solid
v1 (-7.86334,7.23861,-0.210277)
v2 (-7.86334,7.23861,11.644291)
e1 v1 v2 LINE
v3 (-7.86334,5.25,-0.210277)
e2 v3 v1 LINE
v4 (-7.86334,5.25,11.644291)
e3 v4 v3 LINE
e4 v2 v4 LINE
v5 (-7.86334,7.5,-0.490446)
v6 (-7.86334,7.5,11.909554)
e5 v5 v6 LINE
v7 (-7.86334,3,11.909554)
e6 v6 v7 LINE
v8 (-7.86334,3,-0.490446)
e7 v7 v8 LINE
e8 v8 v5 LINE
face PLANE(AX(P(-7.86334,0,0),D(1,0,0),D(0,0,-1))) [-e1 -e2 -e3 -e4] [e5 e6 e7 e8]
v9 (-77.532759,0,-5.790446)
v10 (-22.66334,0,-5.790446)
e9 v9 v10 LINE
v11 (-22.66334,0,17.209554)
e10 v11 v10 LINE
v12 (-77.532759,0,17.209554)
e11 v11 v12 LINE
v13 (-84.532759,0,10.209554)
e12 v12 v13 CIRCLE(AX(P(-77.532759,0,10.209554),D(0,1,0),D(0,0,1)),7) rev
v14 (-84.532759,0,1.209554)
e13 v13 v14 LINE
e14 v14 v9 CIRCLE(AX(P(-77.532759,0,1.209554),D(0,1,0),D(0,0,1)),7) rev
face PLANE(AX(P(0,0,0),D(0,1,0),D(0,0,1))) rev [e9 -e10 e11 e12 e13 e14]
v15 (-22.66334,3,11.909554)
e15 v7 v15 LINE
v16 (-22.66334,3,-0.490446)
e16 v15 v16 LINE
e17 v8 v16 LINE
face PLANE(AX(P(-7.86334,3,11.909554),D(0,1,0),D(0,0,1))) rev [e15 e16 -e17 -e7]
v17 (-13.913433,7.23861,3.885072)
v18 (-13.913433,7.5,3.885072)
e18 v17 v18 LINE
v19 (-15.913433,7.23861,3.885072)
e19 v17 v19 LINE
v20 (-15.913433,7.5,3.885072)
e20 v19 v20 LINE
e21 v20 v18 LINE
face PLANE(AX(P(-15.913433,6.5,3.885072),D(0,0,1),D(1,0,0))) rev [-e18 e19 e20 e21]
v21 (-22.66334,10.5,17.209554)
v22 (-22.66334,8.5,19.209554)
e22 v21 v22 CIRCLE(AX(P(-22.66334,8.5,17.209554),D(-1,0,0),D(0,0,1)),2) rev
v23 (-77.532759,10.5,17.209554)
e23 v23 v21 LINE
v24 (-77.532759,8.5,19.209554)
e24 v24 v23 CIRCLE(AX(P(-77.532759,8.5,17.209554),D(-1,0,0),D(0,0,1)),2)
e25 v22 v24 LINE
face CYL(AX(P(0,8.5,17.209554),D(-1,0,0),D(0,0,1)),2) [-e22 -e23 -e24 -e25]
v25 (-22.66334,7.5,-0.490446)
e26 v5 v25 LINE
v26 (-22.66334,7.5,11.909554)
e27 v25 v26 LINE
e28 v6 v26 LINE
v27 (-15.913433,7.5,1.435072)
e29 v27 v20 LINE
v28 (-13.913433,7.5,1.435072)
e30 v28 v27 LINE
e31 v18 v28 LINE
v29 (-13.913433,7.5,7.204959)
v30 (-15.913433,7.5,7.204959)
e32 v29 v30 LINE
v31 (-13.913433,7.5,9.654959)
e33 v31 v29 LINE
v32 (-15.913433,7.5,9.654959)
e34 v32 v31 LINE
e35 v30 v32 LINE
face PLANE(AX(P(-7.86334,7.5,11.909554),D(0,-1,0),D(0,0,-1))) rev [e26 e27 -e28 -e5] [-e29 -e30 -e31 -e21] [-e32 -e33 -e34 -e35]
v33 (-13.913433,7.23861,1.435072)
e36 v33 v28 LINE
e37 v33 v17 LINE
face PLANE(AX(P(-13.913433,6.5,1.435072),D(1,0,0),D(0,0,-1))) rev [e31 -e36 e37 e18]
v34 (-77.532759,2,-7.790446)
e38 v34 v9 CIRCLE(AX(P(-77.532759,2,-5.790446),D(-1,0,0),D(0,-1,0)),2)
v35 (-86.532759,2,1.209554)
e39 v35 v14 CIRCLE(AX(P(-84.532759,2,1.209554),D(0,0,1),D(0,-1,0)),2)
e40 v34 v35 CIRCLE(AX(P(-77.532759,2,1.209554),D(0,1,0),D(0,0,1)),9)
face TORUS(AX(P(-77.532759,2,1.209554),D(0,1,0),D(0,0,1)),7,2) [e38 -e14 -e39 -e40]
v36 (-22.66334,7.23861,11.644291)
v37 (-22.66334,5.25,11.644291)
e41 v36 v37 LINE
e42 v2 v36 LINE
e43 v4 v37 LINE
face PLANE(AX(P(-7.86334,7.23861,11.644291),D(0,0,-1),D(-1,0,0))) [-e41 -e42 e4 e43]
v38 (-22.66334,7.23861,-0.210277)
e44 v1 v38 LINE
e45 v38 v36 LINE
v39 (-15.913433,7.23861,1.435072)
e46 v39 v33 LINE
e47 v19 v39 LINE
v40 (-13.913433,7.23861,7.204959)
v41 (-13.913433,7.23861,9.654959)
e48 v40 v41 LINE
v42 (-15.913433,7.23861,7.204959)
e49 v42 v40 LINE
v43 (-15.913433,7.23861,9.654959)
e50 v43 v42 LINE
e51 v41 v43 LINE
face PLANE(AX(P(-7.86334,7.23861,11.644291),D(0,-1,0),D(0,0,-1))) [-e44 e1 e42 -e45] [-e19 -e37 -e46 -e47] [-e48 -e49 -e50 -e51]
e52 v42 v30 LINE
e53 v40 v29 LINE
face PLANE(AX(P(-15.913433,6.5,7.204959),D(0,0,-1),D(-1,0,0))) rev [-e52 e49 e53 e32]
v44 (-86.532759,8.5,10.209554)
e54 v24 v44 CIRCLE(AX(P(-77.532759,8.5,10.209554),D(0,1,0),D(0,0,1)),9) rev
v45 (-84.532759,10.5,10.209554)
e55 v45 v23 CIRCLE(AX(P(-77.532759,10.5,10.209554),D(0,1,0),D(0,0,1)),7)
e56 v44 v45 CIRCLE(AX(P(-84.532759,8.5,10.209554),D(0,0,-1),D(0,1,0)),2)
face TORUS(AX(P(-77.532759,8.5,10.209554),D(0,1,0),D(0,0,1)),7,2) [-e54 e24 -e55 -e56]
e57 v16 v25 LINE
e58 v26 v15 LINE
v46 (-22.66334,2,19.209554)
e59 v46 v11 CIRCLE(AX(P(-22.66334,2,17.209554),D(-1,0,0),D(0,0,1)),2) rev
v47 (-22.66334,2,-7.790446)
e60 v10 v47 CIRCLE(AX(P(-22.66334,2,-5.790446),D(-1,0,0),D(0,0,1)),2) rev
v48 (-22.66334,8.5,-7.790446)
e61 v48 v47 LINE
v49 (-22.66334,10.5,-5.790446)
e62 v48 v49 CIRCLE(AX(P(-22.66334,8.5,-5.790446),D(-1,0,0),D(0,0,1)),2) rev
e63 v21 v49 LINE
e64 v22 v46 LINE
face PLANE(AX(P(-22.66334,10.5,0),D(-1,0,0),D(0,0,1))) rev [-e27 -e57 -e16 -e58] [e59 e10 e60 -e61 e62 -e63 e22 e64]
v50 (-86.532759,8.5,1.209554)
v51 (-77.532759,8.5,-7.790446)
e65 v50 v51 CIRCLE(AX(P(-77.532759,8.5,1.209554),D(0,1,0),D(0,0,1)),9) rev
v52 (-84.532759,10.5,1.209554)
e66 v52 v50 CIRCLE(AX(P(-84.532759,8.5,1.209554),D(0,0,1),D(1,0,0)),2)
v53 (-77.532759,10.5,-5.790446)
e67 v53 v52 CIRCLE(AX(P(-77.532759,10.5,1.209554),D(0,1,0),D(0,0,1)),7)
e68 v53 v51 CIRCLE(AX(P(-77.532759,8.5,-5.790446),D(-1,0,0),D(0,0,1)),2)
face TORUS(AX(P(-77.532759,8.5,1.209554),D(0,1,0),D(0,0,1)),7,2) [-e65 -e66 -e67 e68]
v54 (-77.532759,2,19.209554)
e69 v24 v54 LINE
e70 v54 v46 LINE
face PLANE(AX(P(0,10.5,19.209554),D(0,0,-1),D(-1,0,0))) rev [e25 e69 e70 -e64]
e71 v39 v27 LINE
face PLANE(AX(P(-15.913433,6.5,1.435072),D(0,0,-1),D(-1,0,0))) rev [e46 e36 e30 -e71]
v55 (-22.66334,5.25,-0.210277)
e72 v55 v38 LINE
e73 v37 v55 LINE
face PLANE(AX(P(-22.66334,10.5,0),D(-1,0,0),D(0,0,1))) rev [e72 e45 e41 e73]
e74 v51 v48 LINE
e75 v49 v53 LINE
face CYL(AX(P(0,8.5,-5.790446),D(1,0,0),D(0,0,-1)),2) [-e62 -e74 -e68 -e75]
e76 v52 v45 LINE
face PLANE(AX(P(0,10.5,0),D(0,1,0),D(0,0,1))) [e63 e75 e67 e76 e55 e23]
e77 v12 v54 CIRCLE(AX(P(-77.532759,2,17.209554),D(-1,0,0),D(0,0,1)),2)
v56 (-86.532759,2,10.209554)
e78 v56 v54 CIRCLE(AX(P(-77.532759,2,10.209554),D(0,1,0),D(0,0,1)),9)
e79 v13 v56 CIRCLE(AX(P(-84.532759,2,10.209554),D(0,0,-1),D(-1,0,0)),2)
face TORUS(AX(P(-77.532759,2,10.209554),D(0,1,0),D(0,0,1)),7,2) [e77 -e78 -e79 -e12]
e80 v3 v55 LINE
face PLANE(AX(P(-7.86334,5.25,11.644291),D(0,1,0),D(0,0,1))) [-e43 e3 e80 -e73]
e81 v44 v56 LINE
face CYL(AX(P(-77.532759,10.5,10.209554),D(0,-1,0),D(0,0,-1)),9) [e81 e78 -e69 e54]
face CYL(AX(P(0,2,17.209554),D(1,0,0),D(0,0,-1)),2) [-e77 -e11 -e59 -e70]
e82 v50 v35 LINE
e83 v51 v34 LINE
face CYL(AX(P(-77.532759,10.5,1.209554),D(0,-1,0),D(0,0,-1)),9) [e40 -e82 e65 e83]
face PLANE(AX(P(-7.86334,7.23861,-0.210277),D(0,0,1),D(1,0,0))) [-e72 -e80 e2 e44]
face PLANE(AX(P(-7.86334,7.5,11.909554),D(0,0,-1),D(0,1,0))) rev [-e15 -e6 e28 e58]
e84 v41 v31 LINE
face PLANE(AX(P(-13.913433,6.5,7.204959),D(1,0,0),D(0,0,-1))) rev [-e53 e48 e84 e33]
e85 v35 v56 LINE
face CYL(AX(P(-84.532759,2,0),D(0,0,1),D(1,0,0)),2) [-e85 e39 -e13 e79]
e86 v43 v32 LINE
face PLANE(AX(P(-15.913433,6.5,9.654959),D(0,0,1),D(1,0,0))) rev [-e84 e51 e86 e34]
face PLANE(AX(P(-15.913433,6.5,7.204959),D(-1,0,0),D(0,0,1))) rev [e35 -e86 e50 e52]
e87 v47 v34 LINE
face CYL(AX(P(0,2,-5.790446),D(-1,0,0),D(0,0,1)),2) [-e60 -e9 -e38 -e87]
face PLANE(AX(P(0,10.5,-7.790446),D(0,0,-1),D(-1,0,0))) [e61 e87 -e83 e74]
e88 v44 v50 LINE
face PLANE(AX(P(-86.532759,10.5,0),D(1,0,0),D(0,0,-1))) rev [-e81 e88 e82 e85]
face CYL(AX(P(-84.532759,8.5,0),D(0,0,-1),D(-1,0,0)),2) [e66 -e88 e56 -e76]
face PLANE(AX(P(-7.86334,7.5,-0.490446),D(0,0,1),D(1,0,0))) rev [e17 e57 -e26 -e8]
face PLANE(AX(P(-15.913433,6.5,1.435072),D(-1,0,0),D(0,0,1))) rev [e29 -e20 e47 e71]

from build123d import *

# Parameters (mm, degrees)
BOSS_EXTRUDE1_DEPTH = 10.5
FILLET3_R           = 2
SKETCH3_W           = 12.4
SKETCH3_H           = 4.5
SKETCH3_W_2         = 11.854567875
SKETCH3_H_2         = 1.988610451
BOSS_EXTRUDE2_DEPTH = 14.8
SKETCH4_W           = 2
SKETCH4_H           = 2.45
CUT_EXTRUDE1_DEPTH  = 1


with BuildPart() as part:
    # Sketch1 → Boss-Extrude1 (new body)
    with BuildSketch(Plane(origin=(0, 0, 0), x_dir=(1, 0, 0), z_dir=(0, 1, 0))):
        with BuildLine():
            ThreePointArc((-77.532758891, -19.20955436), (-83.896719922, -16.57351539), (-86.532758891, -10.20955436))
            Line((-86.532758891, -10.20955436), (-86.532758891, -1.20955436))
            ThreePointArc((-86.532758891, -1.20955436), (-83.896719922, 5.154406671), (-77.532758891, 7.79044564))
            Line((-77.532758891, 7.79044564), (-22.663339977, 7.79044564))
            Line((-22.663339977, 7.79044564), (-22.663339977, -19.20955436))
            Line((-22.663339977, -19.20955436), (-77.532758891, -19.20955436))
        make_face()
    extrude(amount=BOSS_EXTRUDE1_DEPTH)

    # Fillet3
    fillet3_edges = [part.edges().sort_by_distance(p)[0] for p in [
        (-50.098049434, 10.5, -7.79044564),
        (-83.896719922, 10.5, -5.154406671),
        (-86.532758891, 10.5, 5.70955436),
        (-83.896719922, 10.5, 16.57351539),
        (-86.532758891, 0, 5.70955436),
        (-83.896719922, 0, -5.154406671),
        (-50.098049434, 0, -7.79044564),
        (-50.098049434, 10.5, 19.20955436),
        (-50.098049434, 0, 19.20955436),
        (-83.896719922, 0, 16.57351539),
    ]]
    fillet(fillet3_edges, radius=FILLET3_R)

    # Sketch3 → Boss-Extrude2 (add)
    with BuildSketch(Plane(origin=(-22.663339977, 0, 0), x_dir=(0, 0, -1), z_dir=(1, 0, 0))):
        with Locations((-5.70955436, 5.25)):
            Rectangle(SKETCH3_W, SKETCH3_H)
        with Locations((-5.717006669, 6.244305225)):
            Rectangle(SKETCH3_W_2, SKETCH3_H_2, mode=Mode.SUBTRACT)
    extrude(amount=BOSS_EXTRUDE2_DEPTH)

    # Sketch4 → Cut-Extrude1 (cut)
    with BuildSketch(Plane(origin=(0, 7.5, 0), x_dir=(1, 0, 0), z_dir=(0, 1, 0))):
        with Locations((-14.913433207, -2.660071761)):
            Rectangle(SKETCH4_W, SKETCH4_H)
        with Locations((-14.913433207, -8.429959353)):
            Rectangle(SKETCH4_W, SKETCH4_H)
    extrude(amount=-CUT_EXTRUDE1_DEPTH, mode=Mode.SUBTRACT)


solid = part.part
